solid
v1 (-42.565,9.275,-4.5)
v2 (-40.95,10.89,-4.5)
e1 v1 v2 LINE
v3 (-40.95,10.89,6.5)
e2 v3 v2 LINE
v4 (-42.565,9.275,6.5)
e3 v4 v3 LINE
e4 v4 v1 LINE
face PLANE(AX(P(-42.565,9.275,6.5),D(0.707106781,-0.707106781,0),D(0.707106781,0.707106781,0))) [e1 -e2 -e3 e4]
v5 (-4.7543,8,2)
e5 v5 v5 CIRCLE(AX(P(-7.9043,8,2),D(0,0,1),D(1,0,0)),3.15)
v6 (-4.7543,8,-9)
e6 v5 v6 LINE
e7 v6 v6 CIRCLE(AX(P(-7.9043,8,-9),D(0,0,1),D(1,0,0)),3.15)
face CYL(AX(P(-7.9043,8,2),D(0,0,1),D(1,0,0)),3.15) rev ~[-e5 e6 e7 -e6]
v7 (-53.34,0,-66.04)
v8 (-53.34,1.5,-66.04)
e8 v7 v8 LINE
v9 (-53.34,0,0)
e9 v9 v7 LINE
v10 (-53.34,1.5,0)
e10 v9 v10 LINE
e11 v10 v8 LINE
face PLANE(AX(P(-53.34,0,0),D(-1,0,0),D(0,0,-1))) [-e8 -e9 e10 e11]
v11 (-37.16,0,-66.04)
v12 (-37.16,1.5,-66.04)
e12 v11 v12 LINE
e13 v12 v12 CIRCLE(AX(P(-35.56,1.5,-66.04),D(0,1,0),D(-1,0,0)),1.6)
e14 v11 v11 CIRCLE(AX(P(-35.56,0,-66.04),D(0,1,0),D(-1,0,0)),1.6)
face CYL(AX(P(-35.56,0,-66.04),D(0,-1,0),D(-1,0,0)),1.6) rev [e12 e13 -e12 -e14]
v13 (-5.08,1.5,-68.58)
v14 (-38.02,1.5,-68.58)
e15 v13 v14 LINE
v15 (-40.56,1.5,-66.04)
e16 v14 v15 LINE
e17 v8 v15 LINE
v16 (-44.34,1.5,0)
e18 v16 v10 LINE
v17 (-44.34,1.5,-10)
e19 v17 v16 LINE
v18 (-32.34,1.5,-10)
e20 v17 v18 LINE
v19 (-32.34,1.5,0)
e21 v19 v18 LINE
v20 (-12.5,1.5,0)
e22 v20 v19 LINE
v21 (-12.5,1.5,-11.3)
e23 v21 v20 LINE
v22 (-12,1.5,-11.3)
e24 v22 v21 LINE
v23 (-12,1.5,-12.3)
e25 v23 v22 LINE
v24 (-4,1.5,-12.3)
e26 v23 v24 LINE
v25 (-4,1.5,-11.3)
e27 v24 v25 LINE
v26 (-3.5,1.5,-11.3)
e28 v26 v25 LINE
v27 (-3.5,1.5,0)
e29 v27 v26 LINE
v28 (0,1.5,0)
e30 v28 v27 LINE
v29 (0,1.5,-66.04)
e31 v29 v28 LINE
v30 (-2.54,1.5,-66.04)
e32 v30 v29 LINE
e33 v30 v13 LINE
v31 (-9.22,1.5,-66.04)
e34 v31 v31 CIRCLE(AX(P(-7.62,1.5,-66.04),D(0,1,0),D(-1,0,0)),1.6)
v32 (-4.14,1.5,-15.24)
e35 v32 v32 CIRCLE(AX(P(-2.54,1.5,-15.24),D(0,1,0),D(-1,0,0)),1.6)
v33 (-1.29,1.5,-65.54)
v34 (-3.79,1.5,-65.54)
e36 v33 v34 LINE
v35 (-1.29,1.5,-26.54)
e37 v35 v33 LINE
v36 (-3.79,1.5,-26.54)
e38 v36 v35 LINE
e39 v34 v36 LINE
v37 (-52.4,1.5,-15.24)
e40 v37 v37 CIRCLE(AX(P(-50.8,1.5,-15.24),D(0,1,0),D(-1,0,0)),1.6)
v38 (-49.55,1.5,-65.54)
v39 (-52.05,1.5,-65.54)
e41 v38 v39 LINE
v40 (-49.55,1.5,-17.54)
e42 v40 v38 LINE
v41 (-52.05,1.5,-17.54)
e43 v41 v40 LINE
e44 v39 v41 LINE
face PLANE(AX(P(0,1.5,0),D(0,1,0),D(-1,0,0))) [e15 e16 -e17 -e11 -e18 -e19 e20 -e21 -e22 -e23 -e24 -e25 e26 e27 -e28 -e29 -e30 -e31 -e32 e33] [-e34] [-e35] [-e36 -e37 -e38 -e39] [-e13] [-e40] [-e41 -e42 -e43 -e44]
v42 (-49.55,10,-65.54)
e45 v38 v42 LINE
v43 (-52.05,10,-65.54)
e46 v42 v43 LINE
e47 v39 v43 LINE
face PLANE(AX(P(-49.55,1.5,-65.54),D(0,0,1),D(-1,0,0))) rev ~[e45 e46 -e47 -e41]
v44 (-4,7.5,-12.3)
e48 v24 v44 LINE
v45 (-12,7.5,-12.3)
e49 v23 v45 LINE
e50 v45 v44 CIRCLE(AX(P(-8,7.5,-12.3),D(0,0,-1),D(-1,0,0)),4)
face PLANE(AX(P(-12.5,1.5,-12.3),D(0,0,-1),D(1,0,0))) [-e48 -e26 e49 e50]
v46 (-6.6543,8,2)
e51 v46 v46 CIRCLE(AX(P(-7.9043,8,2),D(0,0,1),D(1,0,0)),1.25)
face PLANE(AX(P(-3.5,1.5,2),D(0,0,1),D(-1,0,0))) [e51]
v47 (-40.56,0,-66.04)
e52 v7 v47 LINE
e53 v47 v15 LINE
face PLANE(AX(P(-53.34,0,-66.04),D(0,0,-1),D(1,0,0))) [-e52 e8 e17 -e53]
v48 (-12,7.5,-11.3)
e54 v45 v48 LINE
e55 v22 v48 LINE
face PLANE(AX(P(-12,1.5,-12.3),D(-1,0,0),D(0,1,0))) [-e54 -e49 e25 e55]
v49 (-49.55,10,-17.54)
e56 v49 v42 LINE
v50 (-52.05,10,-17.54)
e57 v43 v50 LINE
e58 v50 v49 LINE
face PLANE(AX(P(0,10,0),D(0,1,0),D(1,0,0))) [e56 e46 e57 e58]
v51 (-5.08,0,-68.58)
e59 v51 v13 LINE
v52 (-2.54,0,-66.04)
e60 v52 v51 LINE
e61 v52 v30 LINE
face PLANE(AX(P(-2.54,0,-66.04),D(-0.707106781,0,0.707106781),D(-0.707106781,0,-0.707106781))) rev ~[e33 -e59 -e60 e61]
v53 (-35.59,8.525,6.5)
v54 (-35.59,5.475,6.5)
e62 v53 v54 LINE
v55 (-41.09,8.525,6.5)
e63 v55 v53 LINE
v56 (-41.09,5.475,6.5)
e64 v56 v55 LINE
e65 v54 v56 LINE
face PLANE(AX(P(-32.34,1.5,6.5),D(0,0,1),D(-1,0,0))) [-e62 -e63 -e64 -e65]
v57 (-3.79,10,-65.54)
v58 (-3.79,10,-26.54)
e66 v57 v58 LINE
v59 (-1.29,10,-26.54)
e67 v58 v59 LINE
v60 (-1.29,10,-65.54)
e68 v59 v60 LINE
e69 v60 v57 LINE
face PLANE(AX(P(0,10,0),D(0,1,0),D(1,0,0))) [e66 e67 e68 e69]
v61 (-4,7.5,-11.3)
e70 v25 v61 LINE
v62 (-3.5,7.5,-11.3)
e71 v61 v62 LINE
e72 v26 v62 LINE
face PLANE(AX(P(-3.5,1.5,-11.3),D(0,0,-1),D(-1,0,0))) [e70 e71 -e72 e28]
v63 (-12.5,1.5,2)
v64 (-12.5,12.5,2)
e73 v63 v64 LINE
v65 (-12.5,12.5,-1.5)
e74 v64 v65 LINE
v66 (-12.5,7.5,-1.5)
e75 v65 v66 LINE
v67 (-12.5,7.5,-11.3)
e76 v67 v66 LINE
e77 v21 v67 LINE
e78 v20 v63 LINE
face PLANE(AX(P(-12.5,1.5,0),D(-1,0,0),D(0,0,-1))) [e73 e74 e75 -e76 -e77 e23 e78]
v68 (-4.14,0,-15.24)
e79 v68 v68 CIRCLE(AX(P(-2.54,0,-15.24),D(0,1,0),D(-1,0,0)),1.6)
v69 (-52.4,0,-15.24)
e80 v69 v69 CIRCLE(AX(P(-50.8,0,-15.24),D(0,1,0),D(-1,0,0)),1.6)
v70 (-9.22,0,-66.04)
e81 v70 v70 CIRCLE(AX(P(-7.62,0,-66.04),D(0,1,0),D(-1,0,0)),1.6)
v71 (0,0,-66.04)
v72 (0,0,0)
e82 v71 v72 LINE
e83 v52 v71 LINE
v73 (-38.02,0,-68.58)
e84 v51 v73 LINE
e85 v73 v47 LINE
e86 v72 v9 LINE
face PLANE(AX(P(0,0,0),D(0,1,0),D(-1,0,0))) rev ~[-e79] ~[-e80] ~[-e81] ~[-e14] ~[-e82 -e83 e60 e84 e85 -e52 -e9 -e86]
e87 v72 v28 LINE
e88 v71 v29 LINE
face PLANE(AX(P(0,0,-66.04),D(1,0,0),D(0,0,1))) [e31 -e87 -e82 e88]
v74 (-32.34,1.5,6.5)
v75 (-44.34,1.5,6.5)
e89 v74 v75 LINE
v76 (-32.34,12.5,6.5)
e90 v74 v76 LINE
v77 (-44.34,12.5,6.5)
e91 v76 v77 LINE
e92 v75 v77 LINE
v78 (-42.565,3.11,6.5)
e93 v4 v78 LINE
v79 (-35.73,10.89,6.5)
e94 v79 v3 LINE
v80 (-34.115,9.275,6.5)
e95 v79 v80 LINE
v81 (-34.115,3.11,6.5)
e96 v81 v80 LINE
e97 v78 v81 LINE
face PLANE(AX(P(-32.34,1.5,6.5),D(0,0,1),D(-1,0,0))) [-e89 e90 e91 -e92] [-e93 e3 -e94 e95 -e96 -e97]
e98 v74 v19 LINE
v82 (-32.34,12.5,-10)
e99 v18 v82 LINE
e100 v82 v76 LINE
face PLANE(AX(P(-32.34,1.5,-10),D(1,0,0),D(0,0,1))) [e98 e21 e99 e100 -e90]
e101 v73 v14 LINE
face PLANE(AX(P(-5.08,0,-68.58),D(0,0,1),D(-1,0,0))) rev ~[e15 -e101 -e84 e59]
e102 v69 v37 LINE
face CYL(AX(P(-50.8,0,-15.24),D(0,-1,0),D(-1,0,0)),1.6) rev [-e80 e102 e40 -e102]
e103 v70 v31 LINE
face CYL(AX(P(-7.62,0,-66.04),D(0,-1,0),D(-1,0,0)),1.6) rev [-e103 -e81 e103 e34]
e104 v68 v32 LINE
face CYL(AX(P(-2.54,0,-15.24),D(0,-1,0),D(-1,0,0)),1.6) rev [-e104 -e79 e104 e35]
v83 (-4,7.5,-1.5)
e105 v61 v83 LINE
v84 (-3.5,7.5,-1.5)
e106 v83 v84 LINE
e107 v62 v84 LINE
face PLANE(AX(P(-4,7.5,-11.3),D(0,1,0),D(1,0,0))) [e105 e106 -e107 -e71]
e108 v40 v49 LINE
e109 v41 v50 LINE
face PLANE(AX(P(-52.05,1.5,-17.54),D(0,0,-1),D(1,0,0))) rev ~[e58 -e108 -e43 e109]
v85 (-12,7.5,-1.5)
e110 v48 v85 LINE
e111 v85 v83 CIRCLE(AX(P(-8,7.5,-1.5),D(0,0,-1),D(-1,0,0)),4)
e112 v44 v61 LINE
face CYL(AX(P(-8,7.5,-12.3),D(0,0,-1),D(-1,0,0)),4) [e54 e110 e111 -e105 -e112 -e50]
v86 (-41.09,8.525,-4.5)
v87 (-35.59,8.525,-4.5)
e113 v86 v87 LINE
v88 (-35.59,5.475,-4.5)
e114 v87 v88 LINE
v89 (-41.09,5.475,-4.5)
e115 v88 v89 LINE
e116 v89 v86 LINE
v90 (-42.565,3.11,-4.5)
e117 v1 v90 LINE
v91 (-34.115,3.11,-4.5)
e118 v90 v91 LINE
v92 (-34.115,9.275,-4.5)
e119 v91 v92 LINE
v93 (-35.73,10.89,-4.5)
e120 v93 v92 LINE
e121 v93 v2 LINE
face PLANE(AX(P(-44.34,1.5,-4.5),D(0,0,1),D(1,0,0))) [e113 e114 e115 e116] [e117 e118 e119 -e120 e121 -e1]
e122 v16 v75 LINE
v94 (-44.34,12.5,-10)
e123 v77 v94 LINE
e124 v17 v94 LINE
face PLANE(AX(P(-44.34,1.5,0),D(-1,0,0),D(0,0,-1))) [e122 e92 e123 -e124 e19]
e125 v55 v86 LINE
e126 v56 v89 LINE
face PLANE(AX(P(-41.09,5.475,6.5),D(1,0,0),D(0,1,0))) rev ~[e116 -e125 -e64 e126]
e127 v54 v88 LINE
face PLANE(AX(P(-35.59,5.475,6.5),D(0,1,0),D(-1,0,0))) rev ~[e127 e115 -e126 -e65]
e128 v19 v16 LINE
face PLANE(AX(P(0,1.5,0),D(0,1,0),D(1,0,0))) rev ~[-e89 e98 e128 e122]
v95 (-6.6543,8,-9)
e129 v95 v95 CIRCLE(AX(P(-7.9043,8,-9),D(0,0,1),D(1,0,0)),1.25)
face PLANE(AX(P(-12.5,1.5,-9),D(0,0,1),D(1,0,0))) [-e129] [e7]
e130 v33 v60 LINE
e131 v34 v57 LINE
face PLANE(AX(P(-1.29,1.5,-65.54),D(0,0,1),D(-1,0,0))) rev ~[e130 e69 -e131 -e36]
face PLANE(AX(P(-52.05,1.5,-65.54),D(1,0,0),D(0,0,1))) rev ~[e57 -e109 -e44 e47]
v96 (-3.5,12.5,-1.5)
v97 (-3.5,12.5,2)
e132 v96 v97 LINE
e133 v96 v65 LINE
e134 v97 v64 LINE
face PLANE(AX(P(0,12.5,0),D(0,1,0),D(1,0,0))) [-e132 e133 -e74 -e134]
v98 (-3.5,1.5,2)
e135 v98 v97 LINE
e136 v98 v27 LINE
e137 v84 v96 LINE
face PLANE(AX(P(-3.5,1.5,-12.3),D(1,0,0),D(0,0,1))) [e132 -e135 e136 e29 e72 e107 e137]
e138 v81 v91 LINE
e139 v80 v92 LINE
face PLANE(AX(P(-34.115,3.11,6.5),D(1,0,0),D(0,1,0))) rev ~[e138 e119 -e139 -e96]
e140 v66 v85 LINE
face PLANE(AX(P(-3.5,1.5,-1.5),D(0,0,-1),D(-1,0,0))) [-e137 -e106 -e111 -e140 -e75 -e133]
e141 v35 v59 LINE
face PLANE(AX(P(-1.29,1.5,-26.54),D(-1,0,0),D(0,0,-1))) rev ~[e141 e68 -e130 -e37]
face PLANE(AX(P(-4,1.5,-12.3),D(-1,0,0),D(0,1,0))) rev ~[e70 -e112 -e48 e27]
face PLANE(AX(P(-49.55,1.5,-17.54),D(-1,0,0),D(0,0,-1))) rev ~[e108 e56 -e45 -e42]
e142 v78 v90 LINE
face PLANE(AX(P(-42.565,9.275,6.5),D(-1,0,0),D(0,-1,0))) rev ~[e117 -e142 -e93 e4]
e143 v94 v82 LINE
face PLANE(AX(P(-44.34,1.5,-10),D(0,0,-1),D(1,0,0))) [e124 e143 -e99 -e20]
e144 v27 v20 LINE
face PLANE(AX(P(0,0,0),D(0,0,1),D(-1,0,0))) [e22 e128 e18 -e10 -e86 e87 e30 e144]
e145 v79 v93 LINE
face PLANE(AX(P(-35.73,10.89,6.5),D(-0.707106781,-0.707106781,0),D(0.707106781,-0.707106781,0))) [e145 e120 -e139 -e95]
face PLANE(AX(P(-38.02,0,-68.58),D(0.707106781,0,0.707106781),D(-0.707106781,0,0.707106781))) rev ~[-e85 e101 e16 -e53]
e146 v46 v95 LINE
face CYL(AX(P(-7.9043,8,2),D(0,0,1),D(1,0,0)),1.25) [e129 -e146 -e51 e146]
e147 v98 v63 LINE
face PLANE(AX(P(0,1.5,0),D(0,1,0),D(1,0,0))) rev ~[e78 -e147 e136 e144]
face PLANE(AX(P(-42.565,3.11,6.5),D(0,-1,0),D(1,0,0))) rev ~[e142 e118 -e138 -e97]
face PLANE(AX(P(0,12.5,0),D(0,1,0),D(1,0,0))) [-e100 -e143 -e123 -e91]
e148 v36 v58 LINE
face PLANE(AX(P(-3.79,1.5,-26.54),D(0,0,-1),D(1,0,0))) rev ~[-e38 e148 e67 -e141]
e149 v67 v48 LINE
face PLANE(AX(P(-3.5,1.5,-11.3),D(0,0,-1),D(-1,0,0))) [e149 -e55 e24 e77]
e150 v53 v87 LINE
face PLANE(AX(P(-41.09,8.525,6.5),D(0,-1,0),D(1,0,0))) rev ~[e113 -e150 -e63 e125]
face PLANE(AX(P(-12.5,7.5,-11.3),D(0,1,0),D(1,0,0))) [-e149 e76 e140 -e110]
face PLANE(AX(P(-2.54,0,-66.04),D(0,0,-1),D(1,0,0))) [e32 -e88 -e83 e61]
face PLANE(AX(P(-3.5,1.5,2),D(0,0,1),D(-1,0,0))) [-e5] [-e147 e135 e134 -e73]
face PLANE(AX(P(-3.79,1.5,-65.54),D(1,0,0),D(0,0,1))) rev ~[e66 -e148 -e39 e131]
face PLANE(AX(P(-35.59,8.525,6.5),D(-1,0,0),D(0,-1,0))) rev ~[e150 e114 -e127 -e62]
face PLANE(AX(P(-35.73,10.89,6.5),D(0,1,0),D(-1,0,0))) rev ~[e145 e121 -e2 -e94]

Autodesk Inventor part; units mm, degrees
ref_plane "YZ Plane" through (0, 0, 0) normal (1, 0, 0) x (0, 1, 0)
ref_plane "XZ Plane" through (0, 0, 0) normal (0, 1, 0) x (-1, 0, 0)
ref_plane "XY Plane" through (0, 0, 0) normal (0, 0, 1) x (1, 0, 0)
sketch "Sketch1" plane through (0, 0, 0) normal (0, 1, 0) x (-1, 0, 0)
  line L0 (0, 0) -> (53.34, 0)
  line L1 (53.34, 0) -> (53.34, -66.04)
  line L2 (0, -66.04) -> (0, 0)
  circle A0 centre (50.8, -15.24) radius 1.6
  circle A1 centre (2.54, -15.24) radius 1.6
  circle A2 centre (35.56, -66.04) radius 1.6
  circle A3 centre (7.62, -66.04) radius 1.6
  line L3 (2.54, -66.04) -> (5.08, -68.58)
  line L4 (5.08, -68.58) -> (38.02, -68.58)
  line L5 (38.02, -68.58) -> (40.56, -66.04)
  line L6 (53.34, -66.04) -> (40.56, -66.04)
  line L7 (2.54, -66.04) -> (0, -66.04)
  dimension "d0" = 66.04
  dimension "d1" = 53.34
  dimension "d2" = 3.2
  dimension "d3" = 2.54
  dimension "d4" = 2.54
  dimension "d5" = 45.72
  dimension "d6" = 17.78
  dimension "d7" = 2.54
  dimension "d8" = 2.54
  dimension "d9" = 2.54
  dimension "d10" = 2.54
  dimension "d11" = 15.24
  dimension "d12" = 15.24
  dimension "d13" = 5
extrude "Extrusion1" add sketch "Sketch1" along normal blind 1.5
sketch "Sketch2" plane through (0, 1.5, 0) normal (0, 1, 0) x (1, 0, 0)
  line L0 (-44.34, 10) -> (-32.34, 10)
  line L1 (-32.34, 10) -> (-32.34, -6.5)
  line L2 (-32.34, -6.5) -> (-44.34, -6.5)
  line L3 (-44.34, -6.5) -> (-44.34, 10)
  line L4 (-53.34, 0) -> (0, 0) projected
  line L5 (-53.34, 66.04) -> (-53.34, 0) projected
  dimension "d16" = 12
  dimension "d17" = 16.5
  dimension "d18" = 6.5
  dimension "d41" = 9
extrude "Extrusion2" add sketch "Sketch2" along normal blind 11
sketch "Sketch3" plane through (-44.34, 1.5, 6.5) normal (0, 0, 1) x (1, 0, 0)
  line L0 (3.25, 7.025) -> (8.75, 7.025)
  line L1 (8.75, 7.025) -> (8.75, 3.975)
  line L2 (8.75, 3.975) -> (3.25, 3.975)
  line L3 (3.25, 3.975) -> (3.25, 7.025)
  line L4 (1.775, 1.61) -> (10.225, 1.61)
  line L5 (10.225, 1.61) -> (10.225, 7.775)
  line L6 (8.61, 9.39) -> (3.39, 9.39)
  line L7 (1.775, 7.775) -> (1.775, 1.61)
  line L8 (1.775, 7.775) -> (3.39, 9.39)
  line L9 (8.61, 9.39) -> (10.225, 7.775)
  line L10 (12, 0) -> (12, 11) projected
  line L11 (0, 11) -> (12, 11) projected
  point P0 (44.34, -1.5)
  dimension "d21" = 8.45
  dimension "d22" = 1.775
  dimension "d23" = 5.5
  dimension "d25" = 1.475
  dimension "d26" = 3.05
  dimension "d27" = 7.78
  dimension "d28" = 45
  dimension "d29" = 45
  dimension "d30" = 2.365
  dimension "d31" = 1.61
  dimension "d32" = 0.75
extrude "Extrusion3" cut sketch "Sketch3" against normal blind 11
sketch "Sketch4" plane through (0, 1.5, 0) normal (0, 1, 0) x (1, 0, 0)
  line L0 (-12.5, 12.3) -> (-3.5, 12.3)
  line L1 (-3.5, 12.3) -> (-3.5, -2)
  line L2 (-3.5, -2) -> (-12.5, -2)
  line L3 (-12.5, -2) -> (-12.5, 12.3)
  line L4 (-32.34, 0) -> (0, 0) projected
  line L5 (0, 0) -> (0, 66.04) projected
  dimension "d35" = 9
  dimension "d36" = 14.3
  dimension "d37" = 2
  dimension "d40" = 3.5
extrude "Extrusion4" add sketch "Sketch4" along normal blind 11
sketch "Sketch5" plane through (-12.5, 1.5, 2) normal (0, 0, 1) x (1, 0, 0)
  circle A0 centre (4.5957, 6.5) radius 3.15
  line L0 (0, 0) -> (9, 0) projected
  circle A1 centre (4.5957, 6.5) radius 1.25
  point P0 (12.5, -1.5)
  dimension "d42" = 6.5
  dimension "d43" = 6.3
  dimension "d44" = 2.5
extrude "Extrusion5" cut sketch "Sketch5" against normal blind 11
sketch "Sketch6" plane through (-3.5, 1.5, -12.3) normal (0, 0, -1) x (-1, 0, 0)
  line L0 (-2.56, 0) -> (0.64, 0) projected
  line L1 (0.5, 0) -> (0.5, 6)
  line L2 (1.58, 0) -> (34.52, 0) projected
  line L3 (8.5, 0) -> (8.5, 6)
  arc A0 (8.5, 6) -> (0.5, 6) centre (4.5, 6) ccw
  line L4 (9, 0) -> (9, 11) projected
  line L5 (0, 11) -> (9, 11) projected
  line L6 (0, 0) -> (0, 11) projected
  line L7 (9, 0) -> (0, 0) projected
  line L8 (9, 0) -> (9, 11) projected
  line L9 (0, 11) -> (9, 11) projected
  line L10 (0, 0) -> (0, 11) projected
  point P0 (-3.5, -1.5)
  dimension "d47" = 8
  dimension "d48" = 8
  dimension "d49" = 0.5
  dimension "d50" = 1
  dimension "d51" = 4.5
extrude "Extrusion6" cut sketch "Sketch6" against normal blind 1 contours L6 L5 L4 L2 L3 A0 L1 L0
sketch "Sketch7" plane through (-3.5, 1.5, -11.3) normal (0, 0, -1) x (-1, 0, 0)
  arc A0 (8.5, 6) -> (0.5, 6) centre (4.5, 6) ccw projected
  arc A1 (8.5, 6) -> (0.5, 6) centre (4.5, 6) ccw projected
  line L0 (0.5, 6) -> (0, 6)
  line L1 (0, 0) -> (0, 11) projected
  line L2 (0, 6) -> (0, 11)
  line L3 (0, 11) -> (9, 11) projected
  line L4 (9, 11) -> (0, 11)
  line L5 (9, 11) -> (9, 6)
  line L6 (8.5, 0) -> (8.5, 6) projected
  line L7 (9, 6) -> (8.5, 6)
  point P0 (-3.5, -1.5)
extrude "Extrusion7" cut sketch "Sketch7" against normal blind 9.8
sketch "Sketch8" plane through (0, 1.5, 0) normal (0, 1, 0) x (1, 0, 0)
  line L0 (-3.79, 26.54) -> (-1.29, 26.54)
  line L1 (-1.29, 26.54) -> (-1.29, 65.54)
  line L2 (-1.29, 65.54) -> (-3.79, 65.54)
  line L3 (-3.79, 65.54) -> (-3.79, 26.54)
  line L4 (-52.05, 17.54) -> (-49.55, 17.54)
  line L5 (-49.55, 17.54) -> (-49.55, 65.54)
  line L6 (-49.55, 65.54) -> (-52.05, 65.54)
  line L7 (-52.05, 65.54) -> (-52.05, 17.54)
  circle A0 centre (-50.8, 15.24) radius 1.6 projected
  circle A1 centre (-2.54, 15.24) radius 1.6 projected
  line L8 (0, 66.04) -> (-2.54, 66.04) projected
  line L9 (-40.56, 66.04) -> (-53.34, 66.04) projected
  point P0 (0, 0)
  dimension "d56" = 2.5
  dimension "d57" = 2.5
  dimension "d58" = 39
  dimension "d59" = 48
  dimension "d60" = 1.25
  dimension "d61" = 1.25
  dimension "d62" = 0.5
  dimension "d63" = 0.5
extrude "Extrusion8" add sketch "Sketch8" along normal blind 8.5 contours L3 L2 L1 L0 | L7 L6 L5 L4
properties part number "RoughArduino"
